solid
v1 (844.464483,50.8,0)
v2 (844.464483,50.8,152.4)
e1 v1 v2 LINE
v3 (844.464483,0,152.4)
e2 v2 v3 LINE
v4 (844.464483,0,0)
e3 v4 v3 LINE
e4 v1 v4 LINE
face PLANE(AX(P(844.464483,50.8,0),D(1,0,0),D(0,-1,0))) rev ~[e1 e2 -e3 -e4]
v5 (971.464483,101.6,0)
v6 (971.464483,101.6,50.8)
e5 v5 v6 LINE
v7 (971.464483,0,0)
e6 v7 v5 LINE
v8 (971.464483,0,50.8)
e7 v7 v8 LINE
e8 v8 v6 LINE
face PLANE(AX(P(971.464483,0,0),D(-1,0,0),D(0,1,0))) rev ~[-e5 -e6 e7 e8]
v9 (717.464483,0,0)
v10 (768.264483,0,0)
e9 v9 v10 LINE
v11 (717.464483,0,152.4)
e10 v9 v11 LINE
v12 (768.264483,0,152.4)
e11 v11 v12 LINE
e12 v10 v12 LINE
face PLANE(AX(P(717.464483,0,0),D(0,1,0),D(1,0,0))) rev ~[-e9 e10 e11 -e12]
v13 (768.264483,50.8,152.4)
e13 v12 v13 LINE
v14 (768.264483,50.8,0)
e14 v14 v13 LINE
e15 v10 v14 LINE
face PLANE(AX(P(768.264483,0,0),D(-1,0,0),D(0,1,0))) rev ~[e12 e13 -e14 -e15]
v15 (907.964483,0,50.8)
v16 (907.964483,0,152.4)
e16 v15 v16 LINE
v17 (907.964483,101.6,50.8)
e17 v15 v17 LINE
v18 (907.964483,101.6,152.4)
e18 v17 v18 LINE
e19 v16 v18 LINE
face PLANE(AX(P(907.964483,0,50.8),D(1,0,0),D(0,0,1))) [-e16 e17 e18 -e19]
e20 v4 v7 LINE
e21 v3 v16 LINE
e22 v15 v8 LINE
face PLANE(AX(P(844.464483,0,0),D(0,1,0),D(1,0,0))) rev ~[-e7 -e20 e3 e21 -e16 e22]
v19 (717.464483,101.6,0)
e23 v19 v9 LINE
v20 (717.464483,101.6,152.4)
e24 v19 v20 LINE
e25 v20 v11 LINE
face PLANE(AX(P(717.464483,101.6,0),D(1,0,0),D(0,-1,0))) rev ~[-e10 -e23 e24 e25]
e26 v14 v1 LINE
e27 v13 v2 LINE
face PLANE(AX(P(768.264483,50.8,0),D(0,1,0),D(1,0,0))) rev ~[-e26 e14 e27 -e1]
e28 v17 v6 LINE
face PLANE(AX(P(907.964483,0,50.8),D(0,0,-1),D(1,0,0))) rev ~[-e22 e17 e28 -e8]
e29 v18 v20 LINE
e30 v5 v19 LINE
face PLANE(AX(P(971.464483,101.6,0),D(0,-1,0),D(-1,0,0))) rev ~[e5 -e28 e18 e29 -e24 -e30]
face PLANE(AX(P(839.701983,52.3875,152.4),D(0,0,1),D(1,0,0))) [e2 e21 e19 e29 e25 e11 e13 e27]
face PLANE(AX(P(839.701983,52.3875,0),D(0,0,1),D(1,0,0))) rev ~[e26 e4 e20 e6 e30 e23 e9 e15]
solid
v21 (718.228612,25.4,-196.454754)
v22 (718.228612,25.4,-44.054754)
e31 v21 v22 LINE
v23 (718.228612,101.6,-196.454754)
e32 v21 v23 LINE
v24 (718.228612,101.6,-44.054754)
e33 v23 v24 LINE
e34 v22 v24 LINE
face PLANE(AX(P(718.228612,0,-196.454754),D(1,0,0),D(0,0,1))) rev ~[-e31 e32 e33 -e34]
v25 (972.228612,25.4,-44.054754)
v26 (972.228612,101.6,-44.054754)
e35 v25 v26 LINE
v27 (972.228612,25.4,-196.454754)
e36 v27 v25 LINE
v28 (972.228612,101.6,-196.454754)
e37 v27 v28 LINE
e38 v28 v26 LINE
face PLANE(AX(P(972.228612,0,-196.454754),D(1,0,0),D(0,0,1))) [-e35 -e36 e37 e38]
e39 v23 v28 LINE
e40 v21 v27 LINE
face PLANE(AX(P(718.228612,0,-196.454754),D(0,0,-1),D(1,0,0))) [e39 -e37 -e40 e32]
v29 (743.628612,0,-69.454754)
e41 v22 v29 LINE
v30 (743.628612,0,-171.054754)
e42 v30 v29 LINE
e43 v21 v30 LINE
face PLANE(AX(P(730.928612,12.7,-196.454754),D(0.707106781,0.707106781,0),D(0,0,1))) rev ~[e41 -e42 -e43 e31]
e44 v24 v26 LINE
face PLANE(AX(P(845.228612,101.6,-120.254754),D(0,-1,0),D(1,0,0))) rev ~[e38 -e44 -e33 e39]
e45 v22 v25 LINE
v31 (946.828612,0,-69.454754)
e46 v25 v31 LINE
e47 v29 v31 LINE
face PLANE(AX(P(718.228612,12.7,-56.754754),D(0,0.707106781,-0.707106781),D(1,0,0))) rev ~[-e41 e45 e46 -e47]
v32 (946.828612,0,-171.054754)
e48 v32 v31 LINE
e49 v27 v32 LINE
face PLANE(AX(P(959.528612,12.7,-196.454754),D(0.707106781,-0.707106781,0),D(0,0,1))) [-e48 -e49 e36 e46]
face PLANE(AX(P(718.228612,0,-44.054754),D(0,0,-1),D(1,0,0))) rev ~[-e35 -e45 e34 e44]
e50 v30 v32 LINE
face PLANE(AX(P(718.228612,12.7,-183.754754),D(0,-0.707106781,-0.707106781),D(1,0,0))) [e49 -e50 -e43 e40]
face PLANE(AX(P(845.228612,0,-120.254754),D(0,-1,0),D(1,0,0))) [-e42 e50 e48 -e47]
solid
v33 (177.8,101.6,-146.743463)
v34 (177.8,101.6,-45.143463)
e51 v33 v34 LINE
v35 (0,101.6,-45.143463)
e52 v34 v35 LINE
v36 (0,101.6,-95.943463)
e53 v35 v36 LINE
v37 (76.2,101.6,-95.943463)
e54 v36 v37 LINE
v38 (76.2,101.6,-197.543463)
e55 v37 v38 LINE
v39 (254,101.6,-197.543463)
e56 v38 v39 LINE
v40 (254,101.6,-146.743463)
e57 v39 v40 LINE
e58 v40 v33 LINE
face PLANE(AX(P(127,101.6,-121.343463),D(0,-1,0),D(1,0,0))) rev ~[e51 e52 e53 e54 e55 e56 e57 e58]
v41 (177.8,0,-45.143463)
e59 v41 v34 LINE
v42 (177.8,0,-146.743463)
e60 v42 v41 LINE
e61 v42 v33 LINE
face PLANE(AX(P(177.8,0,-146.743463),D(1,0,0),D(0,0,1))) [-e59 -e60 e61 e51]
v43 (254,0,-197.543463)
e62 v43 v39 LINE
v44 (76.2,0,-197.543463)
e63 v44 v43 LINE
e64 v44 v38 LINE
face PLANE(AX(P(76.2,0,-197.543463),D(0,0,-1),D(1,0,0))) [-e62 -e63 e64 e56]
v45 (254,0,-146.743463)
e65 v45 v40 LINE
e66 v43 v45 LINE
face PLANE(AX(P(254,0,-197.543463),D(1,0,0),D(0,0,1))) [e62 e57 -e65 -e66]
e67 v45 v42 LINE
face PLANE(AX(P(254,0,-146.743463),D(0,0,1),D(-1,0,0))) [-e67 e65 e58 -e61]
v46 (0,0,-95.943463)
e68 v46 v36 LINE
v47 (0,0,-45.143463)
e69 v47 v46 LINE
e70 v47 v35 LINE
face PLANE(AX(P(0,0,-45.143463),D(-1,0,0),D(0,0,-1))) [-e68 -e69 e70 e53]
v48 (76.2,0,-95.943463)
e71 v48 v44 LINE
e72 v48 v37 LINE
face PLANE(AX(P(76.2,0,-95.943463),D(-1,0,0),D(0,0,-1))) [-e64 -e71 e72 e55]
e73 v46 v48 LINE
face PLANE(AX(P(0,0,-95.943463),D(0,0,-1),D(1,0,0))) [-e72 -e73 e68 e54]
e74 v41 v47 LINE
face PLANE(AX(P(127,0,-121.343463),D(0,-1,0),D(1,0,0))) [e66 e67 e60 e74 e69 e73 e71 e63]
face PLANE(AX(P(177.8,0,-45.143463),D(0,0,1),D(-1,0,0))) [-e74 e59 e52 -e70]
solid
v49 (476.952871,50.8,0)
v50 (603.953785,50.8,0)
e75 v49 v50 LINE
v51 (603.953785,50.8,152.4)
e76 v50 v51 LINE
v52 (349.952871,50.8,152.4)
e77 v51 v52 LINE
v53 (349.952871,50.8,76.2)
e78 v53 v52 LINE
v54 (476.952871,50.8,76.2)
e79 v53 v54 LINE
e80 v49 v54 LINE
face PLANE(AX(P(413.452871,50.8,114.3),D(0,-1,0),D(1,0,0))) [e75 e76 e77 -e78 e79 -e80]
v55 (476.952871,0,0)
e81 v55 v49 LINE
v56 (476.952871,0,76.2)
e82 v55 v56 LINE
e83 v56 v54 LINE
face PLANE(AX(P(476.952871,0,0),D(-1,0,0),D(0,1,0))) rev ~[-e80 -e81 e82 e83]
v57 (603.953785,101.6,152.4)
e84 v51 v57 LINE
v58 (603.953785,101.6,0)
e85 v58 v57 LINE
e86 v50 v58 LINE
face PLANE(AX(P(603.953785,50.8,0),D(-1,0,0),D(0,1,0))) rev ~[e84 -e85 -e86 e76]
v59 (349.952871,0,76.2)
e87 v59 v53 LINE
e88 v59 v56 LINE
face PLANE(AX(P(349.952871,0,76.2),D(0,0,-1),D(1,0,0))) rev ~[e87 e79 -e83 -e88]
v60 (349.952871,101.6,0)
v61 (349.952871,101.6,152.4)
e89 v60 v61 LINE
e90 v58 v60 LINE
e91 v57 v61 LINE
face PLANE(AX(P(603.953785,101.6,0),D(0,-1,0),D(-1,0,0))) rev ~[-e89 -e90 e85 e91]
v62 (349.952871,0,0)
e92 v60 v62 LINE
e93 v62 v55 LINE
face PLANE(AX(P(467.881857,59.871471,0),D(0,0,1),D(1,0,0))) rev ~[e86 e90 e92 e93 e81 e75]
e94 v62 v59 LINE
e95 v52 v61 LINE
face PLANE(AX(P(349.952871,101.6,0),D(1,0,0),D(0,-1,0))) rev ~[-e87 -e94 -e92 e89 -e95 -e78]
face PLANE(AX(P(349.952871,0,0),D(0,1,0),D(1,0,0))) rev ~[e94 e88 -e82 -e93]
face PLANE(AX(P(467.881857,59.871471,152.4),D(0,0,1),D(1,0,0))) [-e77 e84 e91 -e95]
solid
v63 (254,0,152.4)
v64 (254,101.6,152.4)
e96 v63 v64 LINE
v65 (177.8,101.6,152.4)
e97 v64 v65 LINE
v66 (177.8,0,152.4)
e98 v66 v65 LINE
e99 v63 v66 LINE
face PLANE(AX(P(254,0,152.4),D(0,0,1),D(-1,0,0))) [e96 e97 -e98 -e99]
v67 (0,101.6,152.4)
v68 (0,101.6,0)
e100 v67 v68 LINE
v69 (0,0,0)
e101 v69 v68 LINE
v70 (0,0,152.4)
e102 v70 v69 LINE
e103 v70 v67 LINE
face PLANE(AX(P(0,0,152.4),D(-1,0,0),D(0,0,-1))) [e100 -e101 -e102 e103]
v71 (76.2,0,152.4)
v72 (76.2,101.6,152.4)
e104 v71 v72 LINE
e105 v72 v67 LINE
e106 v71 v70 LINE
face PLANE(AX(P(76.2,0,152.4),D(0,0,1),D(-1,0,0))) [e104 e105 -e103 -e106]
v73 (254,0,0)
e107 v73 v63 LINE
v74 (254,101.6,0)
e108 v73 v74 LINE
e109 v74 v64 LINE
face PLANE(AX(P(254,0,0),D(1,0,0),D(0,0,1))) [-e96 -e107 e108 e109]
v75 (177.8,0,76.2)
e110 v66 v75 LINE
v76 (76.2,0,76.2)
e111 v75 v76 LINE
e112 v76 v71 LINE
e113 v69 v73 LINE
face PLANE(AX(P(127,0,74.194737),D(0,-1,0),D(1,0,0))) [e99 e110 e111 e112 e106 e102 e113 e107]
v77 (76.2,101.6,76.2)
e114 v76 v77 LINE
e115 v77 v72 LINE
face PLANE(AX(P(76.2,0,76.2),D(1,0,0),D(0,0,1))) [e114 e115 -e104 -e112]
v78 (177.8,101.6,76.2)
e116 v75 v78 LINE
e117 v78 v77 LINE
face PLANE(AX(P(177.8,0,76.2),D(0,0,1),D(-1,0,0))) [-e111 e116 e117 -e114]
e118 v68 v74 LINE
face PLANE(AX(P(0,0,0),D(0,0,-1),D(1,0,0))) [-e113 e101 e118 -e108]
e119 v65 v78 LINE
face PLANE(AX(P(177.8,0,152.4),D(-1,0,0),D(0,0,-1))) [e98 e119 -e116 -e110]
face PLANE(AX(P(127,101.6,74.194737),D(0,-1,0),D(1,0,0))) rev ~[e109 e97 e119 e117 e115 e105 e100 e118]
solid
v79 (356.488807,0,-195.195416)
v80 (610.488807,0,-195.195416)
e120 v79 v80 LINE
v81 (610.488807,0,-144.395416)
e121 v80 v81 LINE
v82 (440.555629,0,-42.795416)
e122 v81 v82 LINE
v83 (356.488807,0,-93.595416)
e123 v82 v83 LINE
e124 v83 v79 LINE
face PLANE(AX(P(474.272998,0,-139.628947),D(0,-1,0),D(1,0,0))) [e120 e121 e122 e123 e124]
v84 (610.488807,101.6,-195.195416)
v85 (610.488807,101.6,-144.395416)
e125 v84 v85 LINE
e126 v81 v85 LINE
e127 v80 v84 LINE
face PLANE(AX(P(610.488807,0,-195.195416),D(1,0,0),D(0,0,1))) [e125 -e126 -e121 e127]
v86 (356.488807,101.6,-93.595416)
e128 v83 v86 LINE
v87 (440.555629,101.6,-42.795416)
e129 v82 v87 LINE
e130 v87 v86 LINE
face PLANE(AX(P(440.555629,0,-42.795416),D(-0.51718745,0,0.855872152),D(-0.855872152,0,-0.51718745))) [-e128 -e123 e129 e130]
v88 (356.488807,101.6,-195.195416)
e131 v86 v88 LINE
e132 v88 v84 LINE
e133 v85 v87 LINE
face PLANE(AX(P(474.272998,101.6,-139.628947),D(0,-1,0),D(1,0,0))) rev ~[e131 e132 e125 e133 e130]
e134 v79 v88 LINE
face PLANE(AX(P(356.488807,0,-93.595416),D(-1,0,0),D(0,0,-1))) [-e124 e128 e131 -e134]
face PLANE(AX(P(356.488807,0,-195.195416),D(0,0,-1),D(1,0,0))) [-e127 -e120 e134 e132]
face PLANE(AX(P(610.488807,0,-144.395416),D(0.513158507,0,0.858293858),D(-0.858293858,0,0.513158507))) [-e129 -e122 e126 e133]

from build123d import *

# Parameters (mm, degrees)
F1_DEPTH  = 101.6
F3_DEPTH  = 152.4
F4_W      = 127
F4_H      = 76.2
F5_DEPTH  = 50.8
F6_DEPTH  = 50.8
F8_DEPTH  = 152.4
F9_W      = 63.5
F9_H      = 101.6
F10_DEPTH = 101.6
F12_DEPTH = 101.6
F14_DEPTH = 101.6
F15_W     = 254
F15_H     = 152.4
F16_DEPTH = 101.6
F17_SIZE  = 25.4


with BuildPart() as f1:
    # F0 (on Front) → F1 (new body)
    with BuildSketch(Plane.XZ):
        Polygon((0, 152.4), (0, 0), (254, 0), (254, 152.4), (177.8, 152.4), (177.8, 76.2), (76.2, 76.2), (76.2, 152.4), align=None)
    extrude(amount=-F1_DEPTH)


with BuildPart() as f3:
    # F2 (on Top) → F3 (new body)
    with BuildSketch(Plane.XY):
        Polygon((603.953785, 101.6), (349.952871, 101.6), (349.952871, 0), (476.952871, 0), (476.952871, 50.8), (603.953785, 50.8), align=None)
    extrude(amount=F3_DEPTH)

    # F4 (on face) → F5 (join)
    with BuildSketch(Plane.XZ):
        with Locations((413.452871, 114.3)):
            Rectangle(F4_W, F4_H)
    extrude(amount=-F5_DEPTH)

    # F4 (on face) → F6 (cut)
    with BuildSketch(Plane.XZ):
        with Locations((413.452871, 114.3)):
            Rectangle(F4_W, F4_H)
    extrude(amount=-F6_DEPTH, mode=Mode.SUBTRACT)


with BuildPart() as f8:
    # F7 (on Top) → F8 (new body)
    with BuildSketch(Plane.XY):
        Polygon((971.464483, 101.6), (717.464483, 101.6), (717.464483, 0), (768.264483, 0), (768.264483, 50.8), (844.464483, 50.8), (844.464483, 0), (971.464483, 0), align=None)
    extrude(amount=F8_DEPTH)

    # F9 (on face) → F10 (cut)
    with BuildSketch(Plane.XZ):
        with Locations((939.714483, 101.6)):
            Rectangle(F9_W, F9_H)
    extrude(amount=-F10_DEPTH, mode=Mode.SUBTRACT)


with BuildPart() as f12:
    # F11 (on Front) → F12 (new body)
    with BuildSketch(Plane.XZ):
        Polygon((177.8, -45.143463), (0, -45.143463), (0, -95.943463), (76.2, -95.943463), (76.2, -197.543463), (254, -197.543463), (254, -146.743463), (177.8, -146.743463), align=None)
    extrude(amount=-F12_DEPTH)


with BuildPart() as f14:
    # F13 (on Front) → F14 (new body)
    with BuildSketch(Plane.XZ):
        Polygon((356.488807, -93.595416), (356.488807, -195.195416), (610.488807, -195.195416), (610.488807, -144.395416), (440.555629, -42.795416), align=None)
    extrude(amount=-F14_DEPTH)


with BuildPart() as f16:
    # F15 (on Front) → F16 (new body)
    with BuildSketch(Plane.XZ):
        with Locations((845.228612, -120.254754)):
            Rectangle(F15_W, F15_H)
    extrude(amount=-F16_DEPTH)

    # F17
    f17_edges = [f16.edges().sort_by_distance(p)[0] for p in [
        (845.228612, 0, -196.454754),
        (972.228612, 0, -120.254754),
        (845.228612, 0, -44.054754),
        (718.228612, 0, -120.254754),
    ]]
    chamfer(f17_edges, length=F17_SIZE)


solid = Compound([f1.part, f3.part, f8.part, f12.part, f14.part, f16.part])
